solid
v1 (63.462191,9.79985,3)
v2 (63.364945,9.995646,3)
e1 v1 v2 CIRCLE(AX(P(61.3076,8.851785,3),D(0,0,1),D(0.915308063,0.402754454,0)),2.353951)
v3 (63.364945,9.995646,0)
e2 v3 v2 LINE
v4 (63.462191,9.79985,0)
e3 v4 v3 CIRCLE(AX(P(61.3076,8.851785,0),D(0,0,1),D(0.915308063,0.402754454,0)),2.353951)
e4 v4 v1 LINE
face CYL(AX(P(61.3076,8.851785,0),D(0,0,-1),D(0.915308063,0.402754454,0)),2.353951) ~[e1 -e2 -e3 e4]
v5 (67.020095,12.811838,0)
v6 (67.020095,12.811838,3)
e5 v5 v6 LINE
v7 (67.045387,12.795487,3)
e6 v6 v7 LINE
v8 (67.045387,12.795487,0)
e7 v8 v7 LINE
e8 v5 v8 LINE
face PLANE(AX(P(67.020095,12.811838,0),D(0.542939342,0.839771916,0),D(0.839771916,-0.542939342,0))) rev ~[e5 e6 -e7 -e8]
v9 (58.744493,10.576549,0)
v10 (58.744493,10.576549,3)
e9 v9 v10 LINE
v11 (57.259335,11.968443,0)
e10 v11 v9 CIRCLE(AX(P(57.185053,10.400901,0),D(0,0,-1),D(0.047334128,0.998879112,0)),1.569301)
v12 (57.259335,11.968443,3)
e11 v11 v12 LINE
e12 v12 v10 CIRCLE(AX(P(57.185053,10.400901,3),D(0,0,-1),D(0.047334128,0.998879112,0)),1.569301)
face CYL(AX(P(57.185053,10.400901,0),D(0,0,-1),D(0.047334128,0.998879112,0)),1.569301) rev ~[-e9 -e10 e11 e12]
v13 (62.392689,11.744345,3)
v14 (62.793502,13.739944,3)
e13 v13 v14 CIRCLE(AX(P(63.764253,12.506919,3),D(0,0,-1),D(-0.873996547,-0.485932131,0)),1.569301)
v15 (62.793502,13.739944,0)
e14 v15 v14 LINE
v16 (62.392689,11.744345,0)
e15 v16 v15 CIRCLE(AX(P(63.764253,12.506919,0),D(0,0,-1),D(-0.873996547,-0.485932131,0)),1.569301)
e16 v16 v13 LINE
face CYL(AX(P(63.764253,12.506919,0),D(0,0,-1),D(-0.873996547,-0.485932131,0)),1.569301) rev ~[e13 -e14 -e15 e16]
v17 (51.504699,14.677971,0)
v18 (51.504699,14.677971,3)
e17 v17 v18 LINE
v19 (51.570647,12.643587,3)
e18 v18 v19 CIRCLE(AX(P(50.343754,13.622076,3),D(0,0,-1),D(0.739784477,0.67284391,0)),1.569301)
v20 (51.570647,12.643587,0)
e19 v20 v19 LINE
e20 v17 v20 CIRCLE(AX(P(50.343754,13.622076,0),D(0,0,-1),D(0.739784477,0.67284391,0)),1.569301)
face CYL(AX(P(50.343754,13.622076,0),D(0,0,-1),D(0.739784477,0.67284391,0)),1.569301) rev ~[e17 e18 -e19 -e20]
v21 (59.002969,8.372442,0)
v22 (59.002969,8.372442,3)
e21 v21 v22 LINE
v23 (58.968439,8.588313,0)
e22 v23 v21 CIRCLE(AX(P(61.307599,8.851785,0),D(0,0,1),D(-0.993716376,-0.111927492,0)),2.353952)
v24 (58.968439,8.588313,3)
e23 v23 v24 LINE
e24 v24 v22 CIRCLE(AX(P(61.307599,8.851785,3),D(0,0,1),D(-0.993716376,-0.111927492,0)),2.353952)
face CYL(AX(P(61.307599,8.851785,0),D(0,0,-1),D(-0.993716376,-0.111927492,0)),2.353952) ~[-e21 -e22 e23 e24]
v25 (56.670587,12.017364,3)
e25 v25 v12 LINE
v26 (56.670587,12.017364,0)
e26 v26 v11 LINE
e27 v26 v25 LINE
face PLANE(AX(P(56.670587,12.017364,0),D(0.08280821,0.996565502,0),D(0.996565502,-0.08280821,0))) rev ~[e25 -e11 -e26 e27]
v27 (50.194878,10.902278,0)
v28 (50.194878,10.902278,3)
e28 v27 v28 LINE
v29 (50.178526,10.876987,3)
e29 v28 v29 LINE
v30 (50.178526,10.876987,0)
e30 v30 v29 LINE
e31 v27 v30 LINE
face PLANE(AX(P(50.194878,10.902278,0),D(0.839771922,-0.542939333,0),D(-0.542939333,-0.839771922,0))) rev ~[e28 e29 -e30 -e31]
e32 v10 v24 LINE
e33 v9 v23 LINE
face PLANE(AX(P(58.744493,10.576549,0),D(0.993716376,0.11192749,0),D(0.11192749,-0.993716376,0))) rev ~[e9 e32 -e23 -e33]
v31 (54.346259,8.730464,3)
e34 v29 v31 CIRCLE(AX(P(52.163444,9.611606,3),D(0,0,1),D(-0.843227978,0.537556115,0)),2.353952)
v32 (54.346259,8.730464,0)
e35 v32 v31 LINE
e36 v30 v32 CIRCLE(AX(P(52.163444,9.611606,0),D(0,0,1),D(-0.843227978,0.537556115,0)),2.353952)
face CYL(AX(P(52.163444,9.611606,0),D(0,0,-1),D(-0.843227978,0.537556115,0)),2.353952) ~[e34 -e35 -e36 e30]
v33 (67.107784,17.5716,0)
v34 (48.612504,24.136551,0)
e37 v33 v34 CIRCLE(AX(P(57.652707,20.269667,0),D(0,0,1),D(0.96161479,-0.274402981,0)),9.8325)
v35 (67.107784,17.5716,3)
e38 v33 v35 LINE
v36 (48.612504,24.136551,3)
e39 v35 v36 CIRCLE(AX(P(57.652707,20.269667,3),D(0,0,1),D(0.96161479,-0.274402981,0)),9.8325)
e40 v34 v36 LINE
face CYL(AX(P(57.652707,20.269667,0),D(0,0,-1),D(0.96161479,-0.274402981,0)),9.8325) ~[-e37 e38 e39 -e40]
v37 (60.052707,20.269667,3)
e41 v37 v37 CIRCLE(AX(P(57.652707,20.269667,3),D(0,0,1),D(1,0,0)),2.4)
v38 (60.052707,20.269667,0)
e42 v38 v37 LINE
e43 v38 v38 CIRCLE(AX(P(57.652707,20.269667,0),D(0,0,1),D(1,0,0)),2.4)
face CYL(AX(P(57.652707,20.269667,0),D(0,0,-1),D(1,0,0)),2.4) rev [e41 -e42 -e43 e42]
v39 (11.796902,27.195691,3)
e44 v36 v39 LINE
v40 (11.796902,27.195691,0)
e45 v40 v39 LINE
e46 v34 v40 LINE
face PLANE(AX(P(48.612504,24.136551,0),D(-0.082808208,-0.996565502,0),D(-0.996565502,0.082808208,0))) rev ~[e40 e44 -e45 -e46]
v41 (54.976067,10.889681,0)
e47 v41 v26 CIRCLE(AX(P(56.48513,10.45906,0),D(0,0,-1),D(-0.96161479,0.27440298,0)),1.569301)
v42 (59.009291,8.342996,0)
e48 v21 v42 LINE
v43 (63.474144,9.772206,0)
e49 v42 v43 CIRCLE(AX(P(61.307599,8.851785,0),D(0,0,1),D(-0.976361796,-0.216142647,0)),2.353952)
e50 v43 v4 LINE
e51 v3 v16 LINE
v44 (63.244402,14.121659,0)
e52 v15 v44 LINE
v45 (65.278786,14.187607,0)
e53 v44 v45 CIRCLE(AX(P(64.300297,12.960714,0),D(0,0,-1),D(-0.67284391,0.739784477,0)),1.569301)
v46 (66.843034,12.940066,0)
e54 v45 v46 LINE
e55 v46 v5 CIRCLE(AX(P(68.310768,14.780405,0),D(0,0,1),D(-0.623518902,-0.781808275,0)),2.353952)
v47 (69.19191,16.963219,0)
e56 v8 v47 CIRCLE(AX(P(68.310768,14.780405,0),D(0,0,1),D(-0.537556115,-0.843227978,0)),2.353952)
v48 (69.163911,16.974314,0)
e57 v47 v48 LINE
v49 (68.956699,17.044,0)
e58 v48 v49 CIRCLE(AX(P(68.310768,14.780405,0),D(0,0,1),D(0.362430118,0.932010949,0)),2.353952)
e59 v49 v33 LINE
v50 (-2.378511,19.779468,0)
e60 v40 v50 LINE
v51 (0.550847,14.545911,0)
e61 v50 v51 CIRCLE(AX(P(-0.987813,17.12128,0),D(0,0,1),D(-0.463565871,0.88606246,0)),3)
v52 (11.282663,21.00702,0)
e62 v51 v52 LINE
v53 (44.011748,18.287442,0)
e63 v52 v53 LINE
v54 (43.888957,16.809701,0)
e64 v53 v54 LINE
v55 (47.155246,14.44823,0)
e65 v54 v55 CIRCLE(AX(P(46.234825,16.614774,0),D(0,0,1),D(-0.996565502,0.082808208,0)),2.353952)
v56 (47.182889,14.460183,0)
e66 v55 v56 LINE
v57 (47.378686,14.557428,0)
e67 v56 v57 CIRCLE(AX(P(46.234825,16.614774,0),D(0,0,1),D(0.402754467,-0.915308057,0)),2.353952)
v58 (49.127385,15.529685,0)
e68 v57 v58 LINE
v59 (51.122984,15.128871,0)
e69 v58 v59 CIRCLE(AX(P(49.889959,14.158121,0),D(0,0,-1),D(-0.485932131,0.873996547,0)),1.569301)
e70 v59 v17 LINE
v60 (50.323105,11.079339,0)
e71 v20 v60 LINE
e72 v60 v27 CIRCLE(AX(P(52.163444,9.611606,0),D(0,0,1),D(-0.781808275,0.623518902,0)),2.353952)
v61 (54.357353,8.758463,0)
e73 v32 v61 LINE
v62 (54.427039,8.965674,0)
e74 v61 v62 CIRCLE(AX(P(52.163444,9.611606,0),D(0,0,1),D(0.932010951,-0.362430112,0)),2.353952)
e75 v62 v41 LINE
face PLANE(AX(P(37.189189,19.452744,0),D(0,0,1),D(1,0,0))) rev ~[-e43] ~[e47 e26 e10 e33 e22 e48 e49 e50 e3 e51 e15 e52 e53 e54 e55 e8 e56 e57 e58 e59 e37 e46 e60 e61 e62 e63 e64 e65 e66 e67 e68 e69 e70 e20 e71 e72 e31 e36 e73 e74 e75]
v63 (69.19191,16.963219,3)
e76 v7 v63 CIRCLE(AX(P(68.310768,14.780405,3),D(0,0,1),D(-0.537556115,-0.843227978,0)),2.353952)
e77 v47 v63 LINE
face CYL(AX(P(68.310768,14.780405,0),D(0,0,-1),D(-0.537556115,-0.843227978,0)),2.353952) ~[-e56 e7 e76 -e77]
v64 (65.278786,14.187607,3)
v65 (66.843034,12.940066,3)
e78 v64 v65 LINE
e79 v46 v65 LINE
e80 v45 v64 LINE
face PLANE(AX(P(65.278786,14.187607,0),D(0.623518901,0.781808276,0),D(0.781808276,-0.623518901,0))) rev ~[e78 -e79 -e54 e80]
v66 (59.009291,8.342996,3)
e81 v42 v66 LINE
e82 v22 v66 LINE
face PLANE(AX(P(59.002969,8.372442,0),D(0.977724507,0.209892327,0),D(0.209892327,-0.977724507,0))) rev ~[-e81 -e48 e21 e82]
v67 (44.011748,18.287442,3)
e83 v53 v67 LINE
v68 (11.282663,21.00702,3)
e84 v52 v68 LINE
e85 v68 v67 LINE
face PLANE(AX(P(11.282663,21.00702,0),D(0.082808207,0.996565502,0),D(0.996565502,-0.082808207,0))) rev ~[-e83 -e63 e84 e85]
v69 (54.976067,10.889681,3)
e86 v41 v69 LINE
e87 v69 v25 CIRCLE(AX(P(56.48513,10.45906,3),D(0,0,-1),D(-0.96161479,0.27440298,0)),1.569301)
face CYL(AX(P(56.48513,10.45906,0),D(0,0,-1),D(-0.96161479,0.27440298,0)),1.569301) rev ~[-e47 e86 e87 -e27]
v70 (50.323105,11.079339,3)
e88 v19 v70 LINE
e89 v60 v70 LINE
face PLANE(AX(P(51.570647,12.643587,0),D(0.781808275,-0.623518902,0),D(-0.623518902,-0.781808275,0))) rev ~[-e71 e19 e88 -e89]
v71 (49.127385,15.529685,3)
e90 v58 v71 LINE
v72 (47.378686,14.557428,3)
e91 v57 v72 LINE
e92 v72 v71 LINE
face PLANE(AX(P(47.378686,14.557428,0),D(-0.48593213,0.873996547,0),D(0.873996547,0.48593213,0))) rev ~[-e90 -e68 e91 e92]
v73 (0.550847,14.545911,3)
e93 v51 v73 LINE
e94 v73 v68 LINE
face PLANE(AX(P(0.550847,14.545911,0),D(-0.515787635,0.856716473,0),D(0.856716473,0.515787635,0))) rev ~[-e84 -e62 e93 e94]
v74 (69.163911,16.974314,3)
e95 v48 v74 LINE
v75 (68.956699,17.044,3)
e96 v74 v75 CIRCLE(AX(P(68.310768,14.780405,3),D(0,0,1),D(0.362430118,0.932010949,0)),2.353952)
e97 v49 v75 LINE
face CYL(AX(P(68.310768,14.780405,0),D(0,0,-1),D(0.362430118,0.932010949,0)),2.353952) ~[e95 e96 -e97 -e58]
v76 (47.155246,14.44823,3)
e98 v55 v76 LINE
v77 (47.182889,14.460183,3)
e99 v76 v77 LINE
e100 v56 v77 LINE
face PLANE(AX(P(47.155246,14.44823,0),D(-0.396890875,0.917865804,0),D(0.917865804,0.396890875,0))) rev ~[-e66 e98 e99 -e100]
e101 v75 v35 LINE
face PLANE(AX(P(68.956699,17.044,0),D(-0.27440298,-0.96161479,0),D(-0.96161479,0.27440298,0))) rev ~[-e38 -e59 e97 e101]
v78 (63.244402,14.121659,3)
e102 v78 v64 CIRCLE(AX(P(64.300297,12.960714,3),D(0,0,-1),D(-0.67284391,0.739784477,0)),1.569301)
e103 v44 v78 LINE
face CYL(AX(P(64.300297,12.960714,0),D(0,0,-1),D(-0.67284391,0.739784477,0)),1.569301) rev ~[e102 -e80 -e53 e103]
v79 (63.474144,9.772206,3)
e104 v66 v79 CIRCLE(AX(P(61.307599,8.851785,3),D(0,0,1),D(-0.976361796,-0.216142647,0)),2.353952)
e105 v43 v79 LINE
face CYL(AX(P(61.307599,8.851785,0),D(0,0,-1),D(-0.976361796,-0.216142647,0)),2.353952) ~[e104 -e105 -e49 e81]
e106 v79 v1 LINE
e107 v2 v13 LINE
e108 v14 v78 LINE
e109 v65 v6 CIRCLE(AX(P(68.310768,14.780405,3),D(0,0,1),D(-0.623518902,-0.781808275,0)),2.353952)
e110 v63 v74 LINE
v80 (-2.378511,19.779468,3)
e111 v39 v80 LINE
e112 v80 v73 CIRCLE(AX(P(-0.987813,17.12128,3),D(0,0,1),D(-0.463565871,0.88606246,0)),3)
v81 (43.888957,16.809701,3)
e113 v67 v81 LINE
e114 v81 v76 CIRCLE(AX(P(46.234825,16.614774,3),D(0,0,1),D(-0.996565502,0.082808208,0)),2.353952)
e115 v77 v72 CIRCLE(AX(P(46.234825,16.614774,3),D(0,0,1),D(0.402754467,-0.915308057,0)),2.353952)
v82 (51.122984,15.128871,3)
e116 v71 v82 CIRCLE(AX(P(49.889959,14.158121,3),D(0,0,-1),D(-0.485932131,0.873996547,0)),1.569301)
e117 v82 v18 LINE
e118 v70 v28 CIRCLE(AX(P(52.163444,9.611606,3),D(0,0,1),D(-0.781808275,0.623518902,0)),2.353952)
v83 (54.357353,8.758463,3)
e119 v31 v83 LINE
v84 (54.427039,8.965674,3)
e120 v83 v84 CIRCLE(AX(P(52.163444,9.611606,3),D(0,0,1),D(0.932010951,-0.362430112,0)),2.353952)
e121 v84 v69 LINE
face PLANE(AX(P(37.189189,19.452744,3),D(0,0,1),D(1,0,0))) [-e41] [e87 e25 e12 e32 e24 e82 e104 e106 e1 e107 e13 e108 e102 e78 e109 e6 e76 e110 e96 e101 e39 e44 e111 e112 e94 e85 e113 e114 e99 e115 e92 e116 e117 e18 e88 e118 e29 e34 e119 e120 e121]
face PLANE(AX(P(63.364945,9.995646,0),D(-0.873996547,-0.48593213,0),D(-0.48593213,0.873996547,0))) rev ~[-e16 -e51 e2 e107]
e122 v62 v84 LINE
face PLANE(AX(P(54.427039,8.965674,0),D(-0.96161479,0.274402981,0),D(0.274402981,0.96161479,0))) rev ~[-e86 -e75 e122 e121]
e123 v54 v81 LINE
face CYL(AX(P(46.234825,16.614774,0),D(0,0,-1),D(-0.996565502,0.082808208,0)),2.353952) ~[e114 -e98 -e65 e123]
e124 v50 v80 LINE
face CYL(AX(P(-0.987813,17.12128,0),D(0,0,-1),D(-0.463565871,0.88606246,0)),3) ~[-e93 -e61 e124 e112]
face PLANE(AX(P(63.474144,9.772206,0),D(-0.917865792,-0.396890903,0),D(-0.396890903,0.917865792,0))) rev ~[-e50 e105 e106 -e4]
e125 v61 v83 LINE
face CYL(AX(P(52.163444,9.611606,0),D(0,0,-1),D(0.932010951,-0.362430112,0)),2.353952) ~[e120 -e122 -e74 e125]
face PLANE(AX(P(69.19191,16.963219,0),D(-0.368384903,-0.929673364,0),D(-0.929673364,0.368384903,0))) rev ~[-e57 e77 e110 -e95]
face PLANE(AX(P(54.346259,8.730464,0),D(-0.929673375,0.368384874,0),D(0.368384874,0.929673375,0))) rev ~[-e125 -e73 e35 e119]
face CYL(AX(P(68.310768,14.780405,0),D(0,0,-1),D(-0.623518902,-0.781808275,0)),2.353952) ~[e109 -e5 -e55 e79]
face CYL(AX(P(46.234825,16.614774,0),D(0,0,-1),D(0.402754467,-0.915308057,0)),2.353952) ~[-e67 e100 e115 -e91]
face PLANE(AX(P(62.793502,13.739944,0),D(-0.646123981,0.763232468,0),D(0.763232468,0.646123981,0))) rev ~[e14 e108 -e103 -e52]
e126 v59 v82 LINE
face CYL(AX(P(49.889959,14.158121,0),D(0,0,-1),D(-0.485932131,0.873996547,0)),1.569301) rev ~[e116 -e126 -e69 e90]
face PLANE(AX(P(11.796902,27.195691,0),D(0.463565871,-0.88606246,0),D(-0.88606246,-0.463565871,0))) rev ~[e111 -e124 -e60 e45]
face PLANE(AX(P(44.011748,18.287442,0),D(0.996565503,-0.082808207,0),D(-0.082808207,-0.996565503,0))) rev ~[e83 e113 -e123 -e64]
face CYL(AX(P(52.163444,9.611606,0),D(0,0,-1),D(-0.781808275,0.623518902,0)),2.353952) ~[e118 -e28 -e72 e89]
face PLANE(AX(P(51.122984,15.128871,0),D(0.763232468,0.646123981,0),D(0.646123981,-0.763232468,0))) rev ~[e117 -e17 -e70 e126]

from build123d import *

# Parameters (mm, degrees)
MODEL_R                 = 2.4
SALIENTE_EXTRUIR1_DEPTH = 3


with BuildPart() as part:
    # Model → Saliente-Extruir1 (new body)
    with BuildSketch(Plane.XY):
        with BuildLine():
            Line((0.550846874, 14.545911472), (11.282662542, 21.007019657))
            Line((11.282662542, 21.007019657), (44.011748182, 18.287442361))
            Line((44.011748182, 18.287442361), (43.888957319, 16.809700693))
            ThreePointArc((43.888957319, 16.809700693), (44.855654521, 14.707163158), (47.155246022, 14.448229776))
            Line((47.155246022, 14.448229776), (47.182889346, 14.460182921))
            ThreePointArc((47.182889346, 14.460182921), (47.281916988, 14.506531358), (47.378685576, 14.557428234))
            Line((47.378685576, 14.557428234), (49.127384749, 15.529685066))
            ThreePointArc((49.127384749, 15.529685066), (50.19897968, 15.696696011), (51.122983719, 15.128871311))
            Line((51.122983719, 15.128871311), (51.504698759, 14.677971297))
            ThreePointArc((51.504698759, 14.677971297), (51.91223143, 13.672921311), (51.570646763, 12.643587416))
            Line((51.570646763, 12.643587416), (50.323105233, 11.079339262))
            ThreePointArc((50.323105233, 11.079339262), (50.256934954, 10.992298205), (50.194877883, 10.902278366))
            Line((50.194877883, 10.902278366), (50.178526203, 10.876986992))
            ThreePointArc((50.178526203, 10.876986992), (51.085631167, 7.518902031), (54.34625878, 8.730463665))
            Line((54.34625878, 8.730463665), (54.357353411, 8.758462597))
            ThreePointArc((54.357353411, 8.758462597), (54.394603234, 8.861259009), (54.427039433, 8.965674259))
            Line((54.427039433, 8.965674259), (54.976067079, 10.889680702))
            ThreePointArc((54.976067079, 10.889680702), (55.61570455, 11.765507317), (56.670586767, 12.017364142))
            Line((56.670586767, 12.017364142), (57.259334518, 11.968442975))
            ThreePointArc((57.259334518, 11.968442975), (58.258181294, 11.54593443), (58.744493436, 10.576548618))
            Line((58.744493436, 10.576548618), (58.96843884, 8.588313067))
            ThreePointArc((58.96843884, 8.588313067), (58.983196709, 8.479976292), (59.002969372, 8.372441678))
            Line((59.002969372, 8.372441678), (59.00929069, 8.342995592))
            ThreePointArc((59.00929069, 8.342995592), (62.025235409, 6.609891015), (63.474143857, 9.772206359))
            Line((63.474143857, 9.772206359), (63.462190711, 9.799849683))
            ThreePointArc((63.462190711, 9.799849683), (63.415842275, 9.898877325), (63.364945399, 9.995645912))
            Line((63.364945399, 9.995645912), (62.392688567, 11.744345086))
            ThreePointArc((62.392688567, 11.744345086), (62.225677622, 12.815940017), (62.793502322, 13.739944056))
            Line((62.793502322, 13.739944056), (63.244402336, 14.121659096))
            ThreePointArc((63.244402336, 14.121659096), (64.249452322, 14.529191767), (65.278786217, 14.187607099))
            Line((65.278786217, 14.187607099), (66.843034372, 12.940065573))
            ThreePointArc((66.843034372, 12.940065573), (66.930075429, 12.873895294), (67.020095268, 12.811838223))
            Line((67.020095268, 12.811838223), (67.045386643, 12.795486542))
            ThreePointArc((67.045386643, 12.795486542), (70.403471604, 13.702591507), (69.191909969, 16.963219119))
            Line((69.191909969, 16.963219119), (69.163911037, 16.974313751))
            ThreePointArc((69.163911037, 16.974313751), (69.061114626, 17.011563574), (68.956699375, 17.043999773))
            Line((68.956699375, 17.043999773), (67.107784068, 17.571599676))
            ThreePointArc((67.107784068, 17.571599676), (60.941730208, 29.535754633), (48.612503883, 24.136550776))
            Line((48.612503883, 24.136550776), (11.796901511, 27.195691428))
            Line((11.796901511, 27.195691428), (-2.378510761, 19.779467823))
            ThreePointArc((-2.378510761, 19.779467823), (-3.605636909, 15.656016384), (0.550846874, 14.545911472))
        make_face()
        with Locations((57.652706647, 20.269666987)):
            Circle(MODEL_R, mode=Mode.SUBTRACT)
    extrude(amount=SALIENTE_EXTRUIR1_DEPTH)


solid = part.part
